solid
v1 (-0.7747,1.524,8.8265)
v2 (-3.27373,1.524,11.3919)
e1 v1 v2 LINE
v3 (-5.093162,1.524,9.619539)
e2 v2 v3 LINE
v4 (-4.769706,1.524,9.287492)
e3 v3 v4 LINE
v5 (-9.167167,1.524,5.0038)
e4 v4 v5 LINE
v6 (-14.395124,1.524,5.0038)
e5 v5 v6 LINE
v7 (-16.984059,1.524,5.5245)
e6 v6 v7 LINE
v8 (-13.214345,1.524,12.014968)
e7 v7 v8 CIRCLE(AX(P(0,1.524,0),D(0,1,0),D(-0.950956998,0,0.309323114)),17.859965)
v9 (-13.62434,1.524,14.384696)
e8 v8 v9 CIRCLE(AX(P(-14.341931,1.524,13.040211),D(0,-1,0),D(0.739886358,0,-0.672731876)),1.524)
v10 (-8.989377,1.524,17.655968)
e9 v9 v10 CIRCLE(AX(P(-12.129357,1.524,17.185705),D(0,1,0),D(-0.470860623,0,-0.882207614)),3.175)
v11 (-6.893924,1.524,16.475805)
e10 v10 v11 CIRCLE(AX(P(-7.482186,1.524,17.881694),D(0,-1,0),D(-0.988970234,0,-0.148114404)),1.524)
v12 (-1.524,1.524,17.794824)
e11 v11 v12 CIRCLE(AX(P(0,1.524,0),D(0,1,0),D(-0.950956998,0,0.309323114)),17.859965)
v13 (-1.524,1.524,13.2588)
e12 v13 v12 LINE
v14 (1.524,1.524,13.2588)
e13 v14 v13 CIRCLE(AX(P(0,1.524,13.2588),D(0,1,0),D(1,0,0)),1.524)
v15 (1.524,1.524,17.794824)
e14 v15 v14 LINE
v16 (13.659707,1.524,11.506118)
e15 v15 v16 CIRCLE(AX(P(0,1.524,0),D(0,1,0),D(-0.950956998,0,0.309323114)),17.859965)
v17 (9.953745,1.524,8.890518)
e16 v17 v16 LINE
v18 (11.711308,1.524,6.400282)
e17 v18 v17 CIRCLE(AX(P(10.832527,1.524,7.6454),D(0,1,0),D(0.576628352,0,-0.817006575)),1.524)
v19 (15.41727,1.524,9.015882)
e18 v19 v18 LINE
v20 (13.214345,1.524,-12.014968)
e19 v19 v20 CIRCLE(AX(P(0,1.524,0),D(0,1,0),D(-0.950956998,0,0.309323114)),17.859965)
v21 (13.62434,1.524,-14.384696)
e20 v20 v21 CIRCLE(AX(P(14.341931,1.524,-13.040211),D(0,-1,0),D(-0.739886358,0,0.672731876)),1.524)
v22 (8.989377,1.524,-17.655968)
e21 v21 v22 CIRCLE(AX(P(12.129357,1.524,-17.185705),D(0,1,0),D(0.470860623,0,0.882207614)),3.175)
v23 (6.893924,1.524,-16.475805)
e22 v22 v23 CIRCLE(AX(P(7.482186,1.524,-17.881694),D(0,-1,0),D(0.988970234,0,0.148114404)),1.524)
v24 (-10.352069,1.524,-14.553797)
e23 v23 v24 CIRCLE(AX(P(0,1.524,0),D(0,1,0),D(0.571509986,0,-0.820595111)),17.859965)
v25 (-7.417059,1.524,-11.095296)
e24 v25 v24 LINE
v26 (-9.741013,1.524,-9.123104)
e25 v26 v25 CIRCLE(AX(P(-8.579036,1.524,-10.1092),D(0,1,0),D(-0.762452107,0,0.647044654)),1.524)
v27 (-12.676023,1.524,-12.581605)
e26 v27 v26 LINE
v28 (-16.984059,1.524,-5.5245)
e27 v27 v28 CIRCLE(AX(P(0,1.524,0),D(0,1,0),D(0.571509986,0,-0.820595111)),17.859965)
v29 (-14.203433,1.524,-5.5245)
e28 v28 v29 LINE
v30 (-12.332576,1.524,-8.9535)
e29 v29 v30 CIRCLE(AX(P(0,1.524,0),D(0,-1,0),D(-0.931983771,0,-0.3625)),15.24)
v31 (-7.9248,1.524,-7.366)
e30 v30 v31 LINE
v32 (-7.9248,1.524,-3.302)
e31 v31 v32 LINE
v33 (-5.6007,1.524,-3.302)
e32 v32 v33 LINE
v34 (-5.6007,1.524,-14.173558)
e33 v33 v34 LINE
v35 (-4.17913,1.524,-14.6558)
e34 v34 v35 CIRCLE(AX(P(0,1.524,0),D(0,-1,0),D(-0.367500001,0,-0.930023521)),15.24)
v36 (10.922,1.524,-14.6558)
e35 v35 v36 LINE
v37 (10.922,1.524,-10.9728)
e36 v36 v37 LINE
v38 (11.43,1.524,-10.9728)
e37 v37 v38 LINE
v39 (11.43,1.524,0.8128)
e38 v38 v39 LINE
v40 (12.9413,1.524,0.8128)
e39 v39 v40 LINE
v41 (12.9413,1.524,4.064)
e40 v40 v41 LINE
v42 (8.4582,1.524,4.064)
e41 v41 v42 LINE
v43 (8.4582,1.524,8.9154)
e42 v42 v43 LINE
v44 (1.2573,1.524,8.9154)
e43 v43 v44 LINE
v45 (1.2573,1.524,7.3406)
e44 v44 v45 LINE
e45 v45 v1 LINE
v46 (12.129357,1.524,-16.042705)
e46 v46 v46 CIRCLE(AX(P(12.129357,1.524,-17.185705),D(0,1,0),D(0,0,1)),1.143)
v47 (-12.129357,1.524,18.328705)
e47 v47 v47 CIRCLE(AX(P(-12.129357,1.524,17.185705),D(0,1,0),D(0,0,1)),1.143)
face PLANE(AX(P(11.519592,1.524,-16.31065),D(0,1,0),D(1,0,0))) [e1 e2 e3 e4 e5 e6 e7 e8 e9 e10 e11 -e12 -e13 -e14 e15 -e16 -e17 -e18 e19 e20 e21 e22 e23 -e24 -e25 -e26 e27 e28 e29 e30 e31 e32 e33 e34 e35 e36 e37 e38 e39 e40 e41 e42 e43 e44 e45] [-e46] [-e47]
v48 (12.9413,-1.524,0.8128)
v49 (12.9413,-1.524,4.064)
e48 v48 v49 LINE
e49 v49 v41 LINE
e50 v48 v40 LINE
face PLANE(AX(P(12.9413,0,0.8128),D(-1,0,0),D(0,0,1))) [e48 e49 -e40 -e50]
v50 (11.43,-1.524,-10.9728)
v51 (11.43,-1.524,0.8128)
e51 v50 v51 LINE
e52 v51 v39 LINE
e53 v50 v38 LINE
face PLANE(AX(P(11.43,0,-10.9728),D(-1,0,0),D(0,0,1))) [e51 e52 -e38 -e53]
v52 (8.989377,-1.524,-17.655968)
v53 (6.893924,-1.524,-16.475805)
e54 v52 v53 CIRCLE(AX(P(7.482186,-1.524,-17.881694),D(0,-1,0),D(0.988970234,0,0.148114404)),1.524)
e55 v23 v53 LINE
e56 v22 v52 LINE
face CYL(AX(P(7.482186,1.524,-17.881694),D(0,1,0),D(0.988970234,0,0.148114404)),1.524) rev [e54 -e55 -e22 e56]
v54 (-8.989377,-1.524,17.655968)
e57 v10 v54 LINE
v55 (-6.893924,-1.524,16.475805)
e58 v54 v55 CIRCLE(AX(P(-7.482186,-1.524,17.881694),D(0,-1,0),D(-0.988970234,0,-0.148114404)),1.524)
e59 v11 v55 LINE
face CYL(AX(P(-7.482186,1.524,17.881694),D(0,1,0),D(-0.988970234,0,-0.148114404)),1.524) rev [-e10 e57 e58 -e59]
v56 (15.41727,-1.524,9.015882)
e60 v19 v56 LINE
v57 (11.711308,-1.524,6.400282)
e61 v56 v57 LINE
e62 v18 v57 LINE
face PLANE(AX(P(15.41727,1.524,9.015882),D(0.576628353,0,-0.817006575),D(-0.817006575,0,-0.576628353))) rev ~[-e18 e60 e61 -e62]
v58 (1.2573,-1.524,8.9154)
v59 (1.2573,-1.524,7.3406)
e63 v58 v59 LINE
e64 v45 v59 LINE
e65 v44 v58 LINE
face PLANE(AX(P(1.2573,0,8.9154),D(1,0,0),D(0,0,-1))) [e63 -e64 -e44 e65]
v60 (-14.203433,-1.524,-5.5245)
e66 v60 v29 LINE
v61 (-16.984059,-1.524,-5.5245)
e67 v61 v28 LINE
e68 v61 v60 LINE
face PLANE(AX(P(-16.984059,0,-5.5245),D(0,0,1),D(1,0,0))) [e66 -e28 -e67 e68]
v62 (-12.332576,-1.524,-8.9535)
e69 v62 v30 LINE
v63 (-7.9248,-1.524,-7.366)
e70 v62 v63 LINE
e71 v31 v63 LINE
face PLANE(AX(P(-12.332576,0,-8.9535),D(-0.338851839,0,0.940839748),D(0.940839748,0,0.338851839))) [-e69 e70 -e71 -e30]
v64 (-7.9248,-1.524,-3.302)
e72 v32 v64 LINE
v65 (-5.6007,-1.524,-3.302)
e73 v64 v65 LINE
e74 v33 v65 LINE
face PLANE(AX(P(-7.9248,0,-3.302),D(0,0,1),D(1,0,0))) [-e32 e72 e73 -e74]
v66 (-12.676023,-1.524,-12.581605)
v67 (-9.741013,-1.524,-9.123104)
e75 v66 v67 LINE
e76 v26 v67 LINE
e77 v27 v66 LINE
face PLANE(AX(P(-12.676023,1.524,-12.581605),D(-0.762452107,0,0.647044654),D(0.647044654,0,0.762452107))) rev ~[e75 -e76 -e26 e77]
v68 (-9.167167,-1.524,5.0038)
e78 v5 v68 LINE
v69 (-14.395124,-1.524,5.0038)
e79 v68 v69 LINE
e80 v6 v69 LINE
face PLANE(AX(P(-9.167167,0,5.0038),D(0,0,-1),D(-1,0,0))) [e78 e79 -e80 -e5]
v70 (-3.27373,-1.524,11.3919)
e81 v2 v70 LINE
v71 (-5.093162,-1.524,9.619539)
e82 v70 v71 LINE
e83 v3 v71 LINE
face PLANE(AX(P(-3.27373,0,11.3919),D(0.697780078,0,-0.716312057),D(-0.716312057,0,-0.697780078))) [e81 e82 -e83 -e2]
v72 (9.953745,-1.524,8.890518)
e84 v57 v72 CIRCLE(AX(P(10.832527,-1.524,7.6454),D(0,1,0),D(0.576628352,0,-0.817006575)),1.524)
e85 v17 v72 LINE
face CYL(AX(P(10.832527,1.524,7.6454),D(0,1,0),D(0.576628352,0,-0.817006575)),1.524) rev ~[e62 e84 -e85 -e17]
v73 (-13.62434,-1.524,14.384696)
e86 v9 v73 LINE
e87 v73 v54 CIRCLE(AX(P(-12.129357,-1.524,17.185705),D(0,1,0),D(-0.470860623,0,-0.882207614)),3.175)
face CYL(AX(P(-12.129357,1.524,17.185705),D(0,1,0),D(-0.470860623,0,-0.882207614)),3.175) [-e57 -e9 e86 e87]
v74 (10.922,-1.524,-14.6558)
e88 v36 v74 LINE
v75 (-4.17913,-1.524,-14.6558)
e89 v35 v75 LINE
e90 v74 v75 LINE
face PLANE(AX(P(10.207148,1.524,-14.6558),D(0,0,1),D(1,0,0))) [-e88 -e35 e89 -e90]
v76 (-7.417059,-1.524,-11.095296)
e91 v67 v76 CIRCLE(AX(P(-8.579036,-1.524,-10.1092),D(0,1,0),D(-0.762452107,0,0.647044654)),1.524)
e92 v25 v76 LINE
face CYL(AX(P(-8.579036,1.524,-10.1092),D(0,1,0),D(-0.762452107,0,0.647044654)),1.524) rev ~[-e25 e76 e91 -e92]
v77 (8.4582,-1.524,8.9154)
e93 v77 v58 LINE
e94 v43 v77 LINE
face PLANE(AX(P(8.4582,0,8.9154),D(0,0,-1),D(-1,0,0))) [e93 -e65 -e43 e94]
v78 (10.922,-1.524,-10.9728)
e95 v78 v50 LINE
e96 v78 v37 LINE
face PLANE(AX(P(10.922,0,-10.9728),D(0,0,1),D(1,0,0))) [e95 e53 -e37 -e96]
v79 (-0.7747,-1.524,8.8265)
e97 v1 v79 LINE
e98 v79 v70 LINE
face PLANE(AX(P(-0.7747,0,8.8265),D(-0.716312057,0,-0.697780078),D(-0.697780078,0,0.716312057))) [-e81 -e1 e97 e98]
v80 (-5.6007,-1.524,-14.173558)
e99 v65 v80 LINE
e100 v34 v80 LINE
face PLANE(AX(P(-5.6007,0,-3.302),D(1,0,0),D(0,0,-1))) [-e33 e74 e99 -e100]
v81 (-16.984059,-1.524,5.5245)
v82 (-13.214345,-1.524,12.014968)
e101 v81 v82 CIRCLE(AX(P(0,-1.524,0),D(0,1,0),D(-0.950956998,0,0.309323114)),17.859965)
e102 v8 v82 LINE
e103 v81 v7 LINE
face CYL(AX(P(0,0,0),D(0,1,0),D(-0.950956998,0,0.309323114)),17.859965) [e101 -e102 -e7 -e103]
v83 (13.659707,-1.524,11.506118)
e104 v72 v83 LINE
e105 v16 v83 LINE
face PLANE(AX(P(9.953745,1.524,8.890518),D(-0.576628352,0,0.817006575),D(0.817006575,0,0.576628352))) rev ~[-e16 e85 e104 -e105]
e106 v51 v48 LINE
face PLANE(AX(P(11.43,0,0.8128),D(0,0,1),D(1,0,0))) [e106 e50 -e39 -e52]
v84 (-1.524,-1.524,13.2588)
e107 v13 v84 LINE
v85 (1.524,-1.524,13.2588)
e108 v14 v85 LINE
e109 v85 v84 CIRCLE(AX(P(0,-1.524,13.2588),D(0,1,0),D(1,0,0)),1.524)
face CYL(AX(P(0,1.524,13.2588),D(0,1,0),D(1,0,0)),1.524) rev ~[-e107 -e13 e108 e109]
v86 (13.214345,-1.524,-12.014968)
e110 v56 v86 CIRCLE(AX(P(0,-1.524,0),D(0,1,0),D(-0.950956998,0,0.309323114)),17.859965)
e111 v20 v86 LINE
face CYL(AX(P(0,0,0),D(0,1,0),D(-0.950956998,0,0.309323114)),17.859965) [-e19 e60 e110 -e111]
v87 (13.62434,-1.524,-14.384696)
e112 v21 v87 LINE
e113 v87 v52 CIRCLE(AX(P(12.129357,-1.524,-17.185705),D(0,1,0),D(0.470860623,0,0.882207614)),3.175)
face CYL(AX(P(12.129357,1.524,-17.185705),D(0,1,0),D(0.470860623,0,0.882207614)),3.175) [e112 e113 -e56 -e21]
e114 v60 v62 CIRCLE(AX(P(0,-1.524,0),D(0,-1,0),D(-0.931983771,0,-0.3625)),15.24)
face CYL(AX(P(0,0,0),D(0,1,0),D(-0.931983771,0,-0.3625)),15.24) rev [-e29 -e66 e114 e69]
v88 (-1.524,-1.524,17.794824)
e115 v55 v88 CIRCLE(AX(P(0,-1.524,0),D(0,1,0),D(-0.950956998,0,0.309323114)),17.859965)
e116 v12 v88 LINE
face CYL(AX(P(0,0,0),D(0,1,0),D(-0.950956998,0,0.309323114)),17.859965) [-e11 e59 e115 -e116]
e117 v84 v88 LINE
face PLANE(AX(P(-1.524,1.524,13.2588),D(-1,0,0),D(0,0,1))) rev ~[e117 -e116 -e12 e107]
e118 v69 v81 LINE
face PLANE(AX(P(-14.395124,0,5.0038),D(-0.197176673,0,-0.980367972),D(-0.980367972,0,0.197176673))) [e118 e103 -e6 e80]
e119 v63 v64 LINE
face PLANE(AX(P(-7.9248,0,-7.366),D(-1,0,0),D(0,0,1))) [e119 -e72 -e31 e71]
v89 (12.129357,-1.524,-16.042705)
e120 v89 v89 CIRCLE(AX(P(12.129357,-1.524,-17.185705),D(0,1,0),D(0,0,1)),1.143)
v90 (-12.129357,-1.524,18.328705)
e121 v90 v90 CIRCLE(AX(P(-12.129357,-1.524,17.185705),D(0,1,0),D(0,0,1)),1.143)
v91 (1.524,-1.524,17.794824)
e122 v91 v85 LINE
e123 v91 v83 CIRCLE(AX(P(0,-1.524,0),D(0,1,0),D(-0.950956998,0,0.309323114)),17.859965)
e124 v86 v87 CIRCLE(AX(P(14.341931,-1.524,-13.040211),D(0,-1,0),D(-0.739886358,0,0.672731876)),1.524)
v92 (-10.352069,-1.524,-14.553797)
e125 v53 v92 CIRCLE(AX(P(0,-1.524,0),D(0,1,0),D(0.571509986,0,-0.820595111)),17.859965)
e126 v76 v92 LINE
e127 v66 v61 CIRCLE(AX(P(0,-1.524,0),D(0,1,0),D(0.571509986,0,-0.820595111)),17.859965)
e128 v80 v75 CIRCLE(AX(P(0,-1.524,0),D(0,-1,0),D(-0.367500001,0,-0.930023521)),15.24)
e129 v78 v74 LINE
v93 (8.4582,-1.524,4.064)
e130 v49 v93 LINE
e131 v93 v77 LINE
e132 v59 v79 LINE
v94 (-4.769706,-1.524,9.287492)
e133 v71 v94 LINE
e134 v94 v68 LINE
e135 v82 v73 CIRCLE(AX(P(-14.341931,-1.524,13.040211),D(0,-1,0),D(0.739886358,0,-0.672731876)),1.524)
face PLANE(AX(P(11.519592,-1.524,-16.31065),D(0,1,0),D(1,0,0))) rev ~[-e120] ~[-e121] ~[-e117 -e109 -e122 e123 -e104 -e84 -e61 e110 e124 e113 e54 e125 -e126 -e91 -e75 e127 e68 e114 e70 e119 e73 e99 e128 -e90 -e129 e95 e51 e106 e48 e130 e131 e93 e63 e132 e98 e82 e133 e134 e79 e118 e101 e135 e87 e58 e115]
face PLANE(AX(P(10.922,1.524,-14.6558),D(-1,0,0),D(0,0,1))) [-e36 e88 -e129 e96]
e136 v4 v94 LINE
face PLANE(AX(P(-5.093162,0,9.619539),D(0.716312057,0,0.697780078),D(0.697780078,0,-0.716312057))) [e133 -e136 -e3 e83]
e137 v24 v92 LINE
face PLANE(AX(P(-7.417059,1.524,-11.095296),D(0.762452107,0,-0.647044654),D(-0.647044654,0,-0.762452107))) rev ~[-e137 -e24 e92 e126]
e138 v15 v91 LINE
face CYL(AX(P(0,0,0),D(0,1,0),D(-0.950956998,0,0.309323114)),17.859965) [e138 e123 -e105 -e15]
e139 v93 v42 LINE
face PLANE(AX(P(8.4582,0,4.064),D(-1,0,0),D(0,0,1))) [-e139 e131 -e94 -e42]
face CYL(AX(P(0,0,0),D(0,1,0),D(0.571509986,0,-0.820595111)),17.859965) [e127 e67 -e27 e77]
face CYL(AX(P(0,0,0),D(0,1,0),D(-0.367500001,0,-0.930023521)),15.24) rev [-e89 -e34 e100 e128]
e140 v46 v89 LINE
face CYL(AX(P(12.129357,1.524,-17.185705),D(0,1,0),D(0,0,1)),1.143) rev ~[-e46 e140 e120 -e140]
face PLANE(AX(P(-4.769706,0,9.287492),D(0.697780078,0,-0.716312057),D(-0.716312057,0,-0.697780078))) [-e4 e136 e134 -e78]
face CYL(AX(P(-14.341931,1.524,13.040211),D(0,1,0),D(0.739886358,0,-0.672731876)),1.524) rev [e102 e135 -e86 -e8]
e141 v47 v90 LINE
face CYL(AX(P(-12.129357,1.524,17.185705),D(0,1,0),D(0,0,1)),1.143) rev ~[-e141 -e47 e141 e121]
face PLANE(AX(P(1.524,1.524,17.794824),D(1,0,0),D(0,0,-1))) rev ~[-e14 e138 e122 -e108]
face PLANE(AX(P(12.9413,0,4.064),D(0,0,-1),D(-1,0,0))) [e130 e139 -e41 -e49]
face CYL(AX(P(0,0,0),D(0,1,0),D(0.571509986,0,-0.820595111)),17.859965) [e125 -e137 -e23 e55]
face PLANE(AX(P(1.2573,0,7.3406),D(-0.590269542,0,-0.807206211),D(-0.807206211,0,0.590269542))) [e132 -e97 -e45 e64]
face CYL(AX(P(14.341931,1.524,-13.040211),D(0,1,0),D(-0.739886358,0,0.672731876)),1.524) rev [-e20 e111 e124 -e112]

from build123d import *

# Parameters (mm, degrees)
SKETCH1_R             = 1.143
BOSS_EXTRUDE1_DEPTH   = 1.524
BOSS_EXTRUDE1_2_DEPTH = 1.524
SKETCH2_R             = 1.143
CUT_EXTRUDE2_DEPTH    = 26.441049651
SKETCH3_R             = 1.143
BOSS_EXTRUDE2_DEPTH   = 3.048


with BuildPart() as part:
    # Sketch1 → Boss-Extrude1 (new, symmetric)
    with BuildSketch(Plane(origin=(0, 0, 0), x_dir=(1, 0, 0), z_dir=(0, 1, 0))):
        with BuildLine():
            Line((-14.395123673, -5.0038), (-16.984058744, -5.5245))
            ThreePointArc((-16.984058744, -5.5245), (10.284594762, -14.601556843), (10.922, 14.131109924))
            Line((10.922, 14.131109924), (10.922, 10.9728))
            Line((10.922, 10.9728), (11.43, 10.9728))
            Line((11.43, 10.9728), (11.43, -0.8128))
            Line((11.43, -0.8128), (12.9413, -0.8128))
            Line((12.9413, -0.8128), (12.9413, -4.064))
            Line((12.9413, -4.064), (8.4582, -4.064))
            Line((8.4582, -4.064), (8.4582, -8.9154))
            Line((8.4582, -8.9154), (1.2573, -8.9154))
            Line((1.2573, -8.9154), (1.2573, -7.3406))
            Line((1.2573, -7.3406), (-0.7747, -8.8265))
            Line((-0.7747, -8.8265), (-3.273729572, -11.3919))
            Line((-3.273729572, -11.3919), (-5.093162196, -9.619538602))
            Line((-5.093162196, -9.619538602), (-4.769706241, -9.287492148))
            Line((-4.769706241, -9.287492148), (-9.167166743, -5.0038))
            Line((-9.167166743, -5.0038), (-14.395123673, -5.0038))
        make_face()
        with Locations(Location((0, -13.2588, 0), (0, 0, 90))):
            Circle(SKETCH1_R, mode=Mode.SUBTRACT)
        with Locations(Location((10.832526773, -7.6454, 0), (0, 0, 90))):
            Circle(SKETCH1_R, mode=Mode.SUBTRACT)
    extrude(amount=BOSS_EXTRUDE1_DEPTH, both=True)


with BuildPart() as body_2:
    # Sketch1 → Boss-Extrude1 2 (new, symmetric)
    with BuildSketch(Plane(origin=(0, 0, 0), x_dir=(1, 0, 0), z_dir=(0, 1, 0))):
        with BuildLine():
            Line((-4.179129857, 14.6558), (10.207148379, 14.6558))
            ThreePointArc((10.207148379, 14.6558), (-5.685665172, 16.930787437), (-16.984058744, 5.5245))
            Line((-16.984058744, 5.5245), (-14.203432675, 5.5245))
            ThreePointArc((-14.203432675, 5.5245), (-13.378320264, 7.299188099), (-12.332576282, 8.9535))
            Line((-12.332576282, 8.9535), (-7.9248, 7.366))
            Line((-7.9248, 7.366), (-7.9248, 3.302))
            Line((-7.9248, 3.302), (-5.6007, 3.302))
            Line((-5.6007, 3.302), (-5.6007, 14.173558463))
            ThreePointArc((-5.6007, 14.173558463), (-4.895856129, 14.43219293), (-4.179129857, 14.6558))
        make_face()
        with Locations(Location((-8.579035657, 10.1092, 0), (0, 0, 90))):
            Circle(SKETCH1_R, mode=Mode.SUBTRACT)
    extrude(amount=BOSS_EXTRUDE1_2_DEPTH, both=True)


with BuildPart() as cut_extrude2_tool:
    # Sketch2 → Cut-Extrude2 (new, through all)
    # profile 1 of 3: a face of its own
    with BuildSketch(Plane(origin=(0, 1.524, 0), x_dir=(1, 0, 0), z_dir=(0, 1, 0))):
        with BuildLine():
            Line((-12.676023011, 12.581605315), (-9.741012668, 9.123103947))
            ThreePointArc((-9.741012668, 9.123103947), (-7.592939604, 8.947222989), (-7.417058645, 11.095296053))
            Line((-7.417058645, 11.095296053), (-10.352068988, 14.55379742))
            ThreePointArc((-10.352068988, 14.55379742), (-11.556194906, 13.61736799), (-12.676023011, 12.581605315))
        make_face()
        with Locations((-8.579035657, 10.1092)):
            Circle(SKETCH2_R, mode=Mode.SUBTRACT)
    # profile 2 of 3: a face of its own
    with BuildSketch(Plane(origin=(0, 1.524, 0), x_dir=(1, 0, 0), z_dir=(0, 1, 0))):
        with BuildLine():
            Line((1.524, -17.794824407), (1.524, -13.2588))
            ThreePointArc((1.524, -13.2588), (0, -11.7348), (-1.524, -13.2588))
            Line((-1.524, -13.2588), (-1.524, -17.794824407))
            ThreePointArc((-1.524, -17.794824407), (0, -17.859965052), (1.524, -17.794824407))
        make_face()
        with Locations((0, -13.2588)):
            Circle(SKETCH2_R, mode=Mode.SUBTRACT)
    # profile 3 of 3: a face of its own
    with BuildSketch(Plane(origin=(0, 1.524, 0), x_dir=(1, 0, 0), z_dir=(0, 1, 0))):
        with BuildLine():
            Line((9.953745163, -8.89051802), (13.659706927, -11.506118301))
            ThreePointArc((13.659706927, -11.506118301), (14.591708872, -10.298562224), (15.417270145, -9.015882261))
            Line((15.417270145, -9.015882261), (11.711308382, -6.40028198))
            ThreePointArc((11.711308382, -6.40028198), (9.587408753, -6.766618391), (9.953745163, -8.89051802))
        make_face()
        with Locations((10.832526773, -7.6454)):
            Circle(SKETCH2_R, mode=Mode.SUBTRACT)
    extrude(amount=-CUT_EXTRUDE2_DEPTH)


with BuildPart() as part_1:
    add(part.part)

    # Cut-Extrude2: cut by cut_extrude2_tool
    add(cut_extrude2_tool.part, mode=Mode.SUBTRACT)



with BuildPart() as body_2_1:
    add(body_2.part)

    # Cut-Extrude2: cut by cut_extrude2_tool
    add(cut_extrude2_tool.part, mode=Mode.SUBTRACT)


with BuildPart() as part_2:
    add(part_1.part)

    add(body_2_1.part)  # Boss-Extrude2 merges body 2
    # Sketch3 → Boss-Extrude2 (add)
    # profile 1 of 2: a face of its own
    with BuildSketch(Plane(origin=(0, 1.524, 0), x_dir=(1, 0, 0), z_dir=(0, 1, 0))):
        with BuildLine():
            ThreePointArc((6.893924032, 16.475805386), (8.598824007, 15.653708103), (10.207148379, 14.6558))
            Line((10.207148379, 14.6558), (10.922, 14.6558))
            Line((10.922, 14.6558), (10.922, 14.131109924))
            ThreePointArc((10.922, 14.131109924), (12.114466388, 13.123187715), (13.214344503, 12.014967792))
            ThreePointArc((13.214344503, 12.014967792), (12.840241174, 13.300024042), (13.624339722, 14.384695574))
            ThreePointArc((13.624339722, 14.384695574), (13.960152262, 19.779700621), (8.989376751, 17.655967979))
            ThreePointArc((8.989376751, 17.655967979), (8.230051983, 16.553811563), (6.893924032, 16.475805386))
        make_face()
        with Locations(Location((12.129357243, 17.185704746, 0), (0, 0, 270))):
            Circle(SKETCH3_R, mode=Mode.SUBTRACT)
    # profile 2 of 2: a face of its own
    with BuildSketch(Plane(origin=(0, 1.524, 0), x_dir=(1, 0, 0), z_dir=(0, 1, 0))):
        with BuildLine():
            ThreePointArc((-13.214344503, -12.014967792), (-12.840241174, -13.300024042), (-13.624339722, -14.384695574))
            ThreePointArc((-13.624339722, -14.384695574), (-13.960152262, -19.779700621), (-8.989376751, -17.655967979))
            ThreePointArc((-8.989376751, -17.655967979), (-8.230051983, -16.553811563), (-6.893924032, -16.475805386))
            ThreePointArc((-6.893924032, -16.475805386), (-10.298562224, -14.591708872), (-13.214344503, -12.014967792))
        make_face()
        with Locations(Location((-12.129357243, -17.185704746, 0), (0, 0, 270))):
            Circle(SKETCH3_R, mode=Mode.SUBTRACT)
    extrude(amount=-BOSS_EXTRUDE2_DEPTH)


solid = part_2.part
